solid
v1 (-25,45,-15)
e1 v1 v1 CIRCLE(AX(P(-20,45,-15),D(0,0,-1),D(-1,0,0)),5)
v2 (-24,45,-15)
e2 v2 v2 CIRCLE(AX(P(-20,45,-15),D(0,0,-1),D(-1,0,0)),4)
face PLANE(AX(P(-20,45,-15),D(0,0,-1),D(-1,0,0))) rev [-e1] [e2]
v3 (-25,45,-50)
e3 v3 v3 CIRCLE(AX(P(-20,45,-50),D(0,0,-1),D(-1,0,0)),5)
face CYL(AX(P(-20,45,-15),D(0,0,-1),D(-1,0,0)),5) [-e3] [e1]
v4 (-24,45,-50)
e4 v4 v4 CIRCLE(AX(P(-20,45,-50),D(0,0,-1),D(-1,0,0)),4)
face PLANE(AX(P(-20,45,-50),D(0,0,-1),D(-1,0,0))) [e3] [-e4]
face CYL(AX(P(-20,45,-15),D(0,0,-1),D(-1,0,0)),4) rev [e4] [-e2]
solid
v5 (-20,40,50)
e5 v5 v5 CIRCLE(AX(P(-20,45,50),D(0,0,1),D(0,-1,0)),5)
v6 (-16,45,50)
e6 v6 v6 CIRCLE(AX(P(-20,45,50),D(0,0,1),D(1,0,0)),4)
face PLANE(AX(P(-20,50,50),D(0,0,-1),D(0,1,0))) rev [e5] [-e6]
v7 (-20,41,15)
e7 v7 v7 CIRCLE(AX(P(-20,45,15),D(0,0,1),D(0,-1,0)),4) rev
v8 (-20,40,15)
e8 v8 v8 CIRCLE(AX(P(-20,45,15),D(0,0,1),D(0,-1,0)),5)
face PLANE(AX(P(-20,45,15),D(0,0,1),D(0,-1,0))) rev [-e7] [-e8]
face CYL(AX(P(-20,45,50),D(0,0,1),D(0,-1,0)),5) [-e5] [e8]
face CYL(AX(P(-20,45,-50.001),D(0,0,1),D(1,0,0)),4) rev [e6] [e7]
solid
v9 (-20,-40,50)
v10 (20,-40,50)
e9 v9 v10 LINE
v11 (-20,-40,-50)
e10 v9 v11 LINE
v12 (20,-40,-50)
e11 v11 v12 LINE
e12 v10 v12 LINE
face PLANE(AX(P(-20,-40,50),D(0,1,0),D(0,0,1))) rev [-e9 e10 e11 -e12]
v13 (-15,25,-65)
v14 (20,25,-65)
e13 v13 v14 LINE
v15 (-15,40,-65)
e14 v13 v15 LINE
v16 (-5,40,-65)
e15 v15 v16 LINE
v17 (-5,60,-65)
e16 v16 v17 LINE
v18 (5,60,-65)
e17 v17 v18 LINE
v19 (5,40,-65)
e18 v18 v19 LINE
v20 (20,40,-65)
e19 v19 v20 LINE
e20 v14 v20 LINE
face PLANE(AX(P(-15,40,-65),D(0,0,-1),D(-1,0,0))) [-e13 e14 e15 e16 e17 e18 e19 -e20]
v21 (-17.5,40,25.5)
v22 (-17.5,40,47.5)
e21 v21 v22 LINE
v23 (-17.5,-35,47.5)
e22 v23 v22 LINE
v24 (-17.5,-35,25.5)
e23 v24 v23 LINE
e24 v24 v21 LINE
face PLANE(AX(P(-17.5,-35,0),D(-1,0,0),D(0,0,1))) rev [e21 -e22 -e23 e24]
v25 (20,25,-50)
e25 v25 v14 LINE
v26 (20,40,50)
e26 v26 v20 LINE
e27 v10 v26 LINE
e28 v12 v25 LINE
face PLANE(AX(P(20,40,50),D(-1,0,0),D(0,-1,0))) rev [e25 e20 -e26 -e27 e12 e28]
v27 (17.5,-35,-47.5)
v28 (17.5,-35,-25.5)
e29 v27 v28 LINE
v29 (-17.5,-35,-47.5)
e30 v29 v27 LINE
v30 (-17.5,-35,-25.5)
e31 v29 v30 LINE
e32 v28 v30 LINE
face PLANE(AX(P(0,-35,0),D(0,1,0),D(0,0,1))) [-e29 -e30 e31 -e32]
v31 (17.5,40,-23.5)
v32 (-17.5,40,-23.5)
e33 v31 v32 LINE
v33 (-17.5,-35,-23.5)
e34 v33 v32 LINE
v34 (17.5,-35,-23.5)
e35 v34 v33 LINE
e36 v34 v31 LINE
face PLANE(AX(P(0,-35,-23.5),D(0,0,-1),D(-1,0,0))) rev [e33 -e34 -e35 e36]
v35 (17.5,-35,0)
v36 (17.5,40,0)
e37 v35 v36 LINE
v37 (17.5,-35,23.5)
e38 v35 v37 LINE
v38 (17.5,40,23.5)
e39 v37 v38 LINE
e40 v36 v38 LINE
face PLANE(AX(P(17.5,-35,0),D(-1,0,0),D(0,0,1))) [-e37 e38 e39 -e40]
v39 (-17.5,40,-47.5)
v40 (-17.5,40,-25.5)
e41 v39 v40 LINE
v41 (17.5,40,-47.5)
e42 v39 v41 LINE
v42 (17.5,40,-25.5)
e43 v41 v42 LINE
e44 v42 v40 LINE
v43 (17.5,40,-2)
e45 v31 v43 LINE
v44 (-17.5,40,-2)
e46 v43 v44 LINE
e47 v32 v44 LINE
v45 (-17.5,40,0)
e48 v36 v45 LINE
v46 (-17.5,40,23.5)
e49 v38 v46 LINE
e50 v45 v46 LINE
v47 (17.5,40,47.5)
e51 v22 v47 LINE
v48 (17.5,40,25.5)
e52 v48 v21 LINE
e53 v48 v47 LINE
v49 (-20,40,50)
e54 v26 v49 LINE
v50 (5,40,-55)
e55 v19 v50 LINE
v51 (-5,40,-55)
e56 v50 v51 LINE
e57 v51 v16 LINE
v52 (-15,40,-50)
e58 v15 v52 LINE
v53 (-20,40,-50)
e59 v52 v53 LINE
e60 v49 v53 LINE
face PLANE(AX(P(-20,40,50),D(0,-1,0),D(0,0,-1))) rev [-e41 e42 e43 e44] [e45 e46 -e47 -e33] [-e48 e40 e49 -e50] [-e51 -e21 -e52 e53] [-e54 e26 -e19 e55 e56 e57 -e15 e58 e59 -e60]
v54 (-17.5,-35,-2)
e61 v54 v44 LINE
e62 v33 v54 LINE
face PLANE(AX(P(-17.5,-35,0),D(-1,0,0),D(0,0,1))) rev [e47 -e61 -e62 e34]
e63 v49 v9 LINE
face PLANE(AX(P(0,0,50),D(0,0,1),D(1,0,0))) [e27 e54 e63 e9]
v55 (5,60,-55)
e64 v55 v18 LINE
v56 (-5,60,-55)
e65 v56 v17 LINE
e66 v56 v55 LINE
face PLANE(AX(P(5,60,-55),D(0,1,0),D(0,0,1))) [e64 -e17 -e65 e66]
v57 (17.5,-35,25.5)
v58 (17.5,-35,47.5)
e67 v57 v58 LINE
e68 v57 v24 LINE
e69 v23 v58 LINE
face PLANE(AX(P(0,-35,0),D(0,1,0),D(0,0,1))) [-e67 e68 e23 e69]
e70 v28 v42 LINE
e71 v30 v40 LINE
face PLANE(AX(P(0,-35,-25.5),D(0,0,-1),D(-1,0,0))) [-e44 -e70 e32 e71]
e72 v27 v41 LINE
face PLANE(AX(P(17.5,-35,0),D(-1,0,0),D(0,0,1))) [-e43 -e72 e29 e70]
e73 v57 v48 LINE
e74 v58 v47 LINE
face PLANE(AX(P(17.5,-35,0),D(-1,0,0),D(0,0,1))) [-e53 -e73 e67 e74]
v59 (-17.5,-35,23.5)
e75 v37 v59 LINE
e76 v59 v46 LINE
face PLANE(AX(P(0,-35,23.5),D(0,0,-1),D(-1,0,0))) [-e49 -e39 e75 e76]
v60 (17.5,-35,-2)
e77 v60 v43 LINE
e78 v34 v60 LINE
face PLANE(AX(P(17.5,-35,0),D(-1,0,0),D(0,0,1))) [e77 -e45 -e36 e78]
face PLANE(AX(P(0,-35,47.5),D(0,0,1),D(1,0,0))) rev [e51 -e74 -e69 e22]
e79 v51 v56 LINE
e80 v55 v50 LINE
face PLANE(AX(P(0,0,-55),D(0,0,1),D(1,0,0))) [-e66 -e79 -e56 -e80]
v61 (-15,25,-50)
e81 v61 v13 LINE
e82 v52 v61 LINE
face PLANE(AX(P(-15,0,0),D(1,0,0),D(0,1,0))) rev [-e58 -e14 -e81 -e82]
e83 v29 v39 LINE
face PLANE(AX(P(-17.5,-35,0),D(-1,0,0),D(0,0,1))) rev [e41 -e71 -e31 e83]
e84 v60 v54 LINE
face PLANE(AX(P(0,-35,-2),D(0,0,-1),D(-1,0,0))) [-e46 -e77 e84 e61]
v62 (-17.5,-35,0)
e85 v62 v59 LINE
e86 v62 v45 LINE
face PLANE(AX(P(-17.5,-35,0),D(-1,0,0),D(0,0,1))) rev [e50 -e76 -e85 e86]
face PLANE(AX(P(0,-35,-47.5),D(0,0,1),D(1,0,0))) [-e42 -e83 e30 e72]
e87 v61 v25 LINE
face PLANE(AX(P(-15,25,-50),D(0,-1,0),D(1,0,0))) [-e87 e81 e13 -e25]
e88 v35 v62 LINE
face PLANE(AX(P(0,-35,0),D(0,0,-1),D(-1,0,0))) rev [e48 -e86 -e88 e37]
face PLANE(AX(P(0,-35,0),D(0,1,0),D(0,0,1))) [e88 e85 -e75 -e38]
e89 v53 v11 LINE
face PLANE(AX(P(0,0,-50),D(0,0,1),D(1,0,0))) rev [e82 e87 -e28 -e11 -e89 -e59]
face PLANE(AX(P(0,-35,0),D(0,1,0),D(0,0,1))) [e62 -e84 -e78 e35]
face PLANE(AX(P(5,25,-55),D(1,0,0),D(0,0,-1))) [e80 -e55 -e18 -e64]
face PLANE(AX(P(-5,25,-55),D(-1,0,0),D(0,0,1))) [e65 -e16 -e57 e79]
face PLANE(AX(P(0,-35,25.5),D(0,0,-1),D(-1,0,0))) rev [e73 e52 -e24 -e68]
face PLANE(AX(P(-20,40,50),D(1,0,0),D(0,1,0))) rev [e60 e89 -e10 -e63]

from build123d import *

# Parameters (mm, degrees)
SKETCH1_W           = 40
SKETCH1_H           = 80
BOSS_EXTRUDE1_DEPTH = 50
SKETCH2_W           = 35
SKETCH2_H           = 22
SKETCH2_H_2         = 23.5
SKETCH2_H_3         = 21.5
CUT_EXTRUDE2_DEPTH  = 75
SKETCH7_W           = 35
SKETCH7_H           = 5
SKETCH9_R           = 4
CUT_EXTRUDE3_DEPTH  = 35
SKETCH12_R          = 5
SKETCH12_R_2        = 4
BOSS_EXTRUDE2_DEPTH = 35
SKETCH14_W          = 15
SKETCH14_H          = 15
BOSS_EXTRUDE3_DEPTH = 35
SKETCH15_W          = 10
SKETCH15_H          = 35
BOSS_EXTRUDE4_DEPTH = 10


with BuildPart() as part:
    # Sketch1 → Boss-Extrude1 (new, symmetric)
    with BuildSketch(Plane.XY):
        Rectangle(SKETCH1_W, SKETCH1_H)
    extrude(amount=BOSS_EXTRUDE1_DEPTH, both=True)

    # Sketch2 → Cut-Extrude2 (cut)
    with BuildSketch(Plane(origin=(0, 40, 0), x_dir=(1, 0, 0), z_dir=(0, 1, 0))):
        with Locations((0, -36.5)):
            Rectangle(SKETCH2_W, SKETCH2_H)
        with Locations((0, -11.75)):
            Rectangle(SKETCH2_W, SKETCH2_H_2)
        with Locations((0, 12.75)):
            Rectangle(SKETCH2_W, SKETCH2_H_3)
        with Locations((0, 36.5)):
            Rectangle(SKETCH2_W, SKETCH2_H)
    extrude(amount=-CUT_EXTRUDE2_DEPTH, mode=Mode.SUBTRACT)

    # Sketch14 → Boss-Extrude3 (add)
    with BuildSketch(Plane(origin=(20, 0, 0), x_dir=(0, 0, -1), z_dir=(1, 0, 0))):
        with Locations((57.5, 32.5)):
            Rectangle(SKETCH14_W, SKETCH14_H)
    extrude(amount=-BOSS_EXTRUDE3_DEPTH)

    # Sketch15 → Boss-Extrude4 (add)
    with BuildSketch(Plane(origin=(0, 0, -65), x_dir=(-1, 0, 0), z_dir=(0, 0, -1))):
        with Locations((0, 42.5)):
            Rectangle(SKETCH15_W, SKETCH15_H)
    extrude(amount=-BOSS_EXTRUDE4_DEPTH)


with BuildPart() as body_2:
    # Sketch7 → Revolve-Thin1 (revolve)
    with BuildSketch(Plane.ZY.offset(20)):
        with Locations((32.5, 42.5)):
            Rectangle(SKETCH7_W, SKETCH7_H)
    revolve(axis=Axis((-20, 45, 50), (0, 0, -1)))

    # Sketch9 → Cut-Extrude3 (cut)
    with BuildSketch(Plane.XY.offset(50)):
        with Locations((-20, 45)):
            Circle(SKETCH9_R)
    extrude(amount=-CUT_EXTRUDE3_DEPTH, mode=Mode.SUBTRACT)


with BuildPart() as body_3:
    # Sketch12 → Boss-Extrude2 (new body)
    with BuildSketch(Plane(origin=(0, 0, -50), x_dir=(-1, 0, 0), z_dir=(0, 0, -1))):
        with Locations((20, 45)):
            Circle(SKETCH12_R)
        with Locations((20, 45)):
            Circle(SKETCH12_R_2, mode=Mode.SUBTRACT)
    extrude(amount=-BOSS_EXTRUDE2_DEPTH)


solid = Compound([part.part, body_2.part, body_3.part])
